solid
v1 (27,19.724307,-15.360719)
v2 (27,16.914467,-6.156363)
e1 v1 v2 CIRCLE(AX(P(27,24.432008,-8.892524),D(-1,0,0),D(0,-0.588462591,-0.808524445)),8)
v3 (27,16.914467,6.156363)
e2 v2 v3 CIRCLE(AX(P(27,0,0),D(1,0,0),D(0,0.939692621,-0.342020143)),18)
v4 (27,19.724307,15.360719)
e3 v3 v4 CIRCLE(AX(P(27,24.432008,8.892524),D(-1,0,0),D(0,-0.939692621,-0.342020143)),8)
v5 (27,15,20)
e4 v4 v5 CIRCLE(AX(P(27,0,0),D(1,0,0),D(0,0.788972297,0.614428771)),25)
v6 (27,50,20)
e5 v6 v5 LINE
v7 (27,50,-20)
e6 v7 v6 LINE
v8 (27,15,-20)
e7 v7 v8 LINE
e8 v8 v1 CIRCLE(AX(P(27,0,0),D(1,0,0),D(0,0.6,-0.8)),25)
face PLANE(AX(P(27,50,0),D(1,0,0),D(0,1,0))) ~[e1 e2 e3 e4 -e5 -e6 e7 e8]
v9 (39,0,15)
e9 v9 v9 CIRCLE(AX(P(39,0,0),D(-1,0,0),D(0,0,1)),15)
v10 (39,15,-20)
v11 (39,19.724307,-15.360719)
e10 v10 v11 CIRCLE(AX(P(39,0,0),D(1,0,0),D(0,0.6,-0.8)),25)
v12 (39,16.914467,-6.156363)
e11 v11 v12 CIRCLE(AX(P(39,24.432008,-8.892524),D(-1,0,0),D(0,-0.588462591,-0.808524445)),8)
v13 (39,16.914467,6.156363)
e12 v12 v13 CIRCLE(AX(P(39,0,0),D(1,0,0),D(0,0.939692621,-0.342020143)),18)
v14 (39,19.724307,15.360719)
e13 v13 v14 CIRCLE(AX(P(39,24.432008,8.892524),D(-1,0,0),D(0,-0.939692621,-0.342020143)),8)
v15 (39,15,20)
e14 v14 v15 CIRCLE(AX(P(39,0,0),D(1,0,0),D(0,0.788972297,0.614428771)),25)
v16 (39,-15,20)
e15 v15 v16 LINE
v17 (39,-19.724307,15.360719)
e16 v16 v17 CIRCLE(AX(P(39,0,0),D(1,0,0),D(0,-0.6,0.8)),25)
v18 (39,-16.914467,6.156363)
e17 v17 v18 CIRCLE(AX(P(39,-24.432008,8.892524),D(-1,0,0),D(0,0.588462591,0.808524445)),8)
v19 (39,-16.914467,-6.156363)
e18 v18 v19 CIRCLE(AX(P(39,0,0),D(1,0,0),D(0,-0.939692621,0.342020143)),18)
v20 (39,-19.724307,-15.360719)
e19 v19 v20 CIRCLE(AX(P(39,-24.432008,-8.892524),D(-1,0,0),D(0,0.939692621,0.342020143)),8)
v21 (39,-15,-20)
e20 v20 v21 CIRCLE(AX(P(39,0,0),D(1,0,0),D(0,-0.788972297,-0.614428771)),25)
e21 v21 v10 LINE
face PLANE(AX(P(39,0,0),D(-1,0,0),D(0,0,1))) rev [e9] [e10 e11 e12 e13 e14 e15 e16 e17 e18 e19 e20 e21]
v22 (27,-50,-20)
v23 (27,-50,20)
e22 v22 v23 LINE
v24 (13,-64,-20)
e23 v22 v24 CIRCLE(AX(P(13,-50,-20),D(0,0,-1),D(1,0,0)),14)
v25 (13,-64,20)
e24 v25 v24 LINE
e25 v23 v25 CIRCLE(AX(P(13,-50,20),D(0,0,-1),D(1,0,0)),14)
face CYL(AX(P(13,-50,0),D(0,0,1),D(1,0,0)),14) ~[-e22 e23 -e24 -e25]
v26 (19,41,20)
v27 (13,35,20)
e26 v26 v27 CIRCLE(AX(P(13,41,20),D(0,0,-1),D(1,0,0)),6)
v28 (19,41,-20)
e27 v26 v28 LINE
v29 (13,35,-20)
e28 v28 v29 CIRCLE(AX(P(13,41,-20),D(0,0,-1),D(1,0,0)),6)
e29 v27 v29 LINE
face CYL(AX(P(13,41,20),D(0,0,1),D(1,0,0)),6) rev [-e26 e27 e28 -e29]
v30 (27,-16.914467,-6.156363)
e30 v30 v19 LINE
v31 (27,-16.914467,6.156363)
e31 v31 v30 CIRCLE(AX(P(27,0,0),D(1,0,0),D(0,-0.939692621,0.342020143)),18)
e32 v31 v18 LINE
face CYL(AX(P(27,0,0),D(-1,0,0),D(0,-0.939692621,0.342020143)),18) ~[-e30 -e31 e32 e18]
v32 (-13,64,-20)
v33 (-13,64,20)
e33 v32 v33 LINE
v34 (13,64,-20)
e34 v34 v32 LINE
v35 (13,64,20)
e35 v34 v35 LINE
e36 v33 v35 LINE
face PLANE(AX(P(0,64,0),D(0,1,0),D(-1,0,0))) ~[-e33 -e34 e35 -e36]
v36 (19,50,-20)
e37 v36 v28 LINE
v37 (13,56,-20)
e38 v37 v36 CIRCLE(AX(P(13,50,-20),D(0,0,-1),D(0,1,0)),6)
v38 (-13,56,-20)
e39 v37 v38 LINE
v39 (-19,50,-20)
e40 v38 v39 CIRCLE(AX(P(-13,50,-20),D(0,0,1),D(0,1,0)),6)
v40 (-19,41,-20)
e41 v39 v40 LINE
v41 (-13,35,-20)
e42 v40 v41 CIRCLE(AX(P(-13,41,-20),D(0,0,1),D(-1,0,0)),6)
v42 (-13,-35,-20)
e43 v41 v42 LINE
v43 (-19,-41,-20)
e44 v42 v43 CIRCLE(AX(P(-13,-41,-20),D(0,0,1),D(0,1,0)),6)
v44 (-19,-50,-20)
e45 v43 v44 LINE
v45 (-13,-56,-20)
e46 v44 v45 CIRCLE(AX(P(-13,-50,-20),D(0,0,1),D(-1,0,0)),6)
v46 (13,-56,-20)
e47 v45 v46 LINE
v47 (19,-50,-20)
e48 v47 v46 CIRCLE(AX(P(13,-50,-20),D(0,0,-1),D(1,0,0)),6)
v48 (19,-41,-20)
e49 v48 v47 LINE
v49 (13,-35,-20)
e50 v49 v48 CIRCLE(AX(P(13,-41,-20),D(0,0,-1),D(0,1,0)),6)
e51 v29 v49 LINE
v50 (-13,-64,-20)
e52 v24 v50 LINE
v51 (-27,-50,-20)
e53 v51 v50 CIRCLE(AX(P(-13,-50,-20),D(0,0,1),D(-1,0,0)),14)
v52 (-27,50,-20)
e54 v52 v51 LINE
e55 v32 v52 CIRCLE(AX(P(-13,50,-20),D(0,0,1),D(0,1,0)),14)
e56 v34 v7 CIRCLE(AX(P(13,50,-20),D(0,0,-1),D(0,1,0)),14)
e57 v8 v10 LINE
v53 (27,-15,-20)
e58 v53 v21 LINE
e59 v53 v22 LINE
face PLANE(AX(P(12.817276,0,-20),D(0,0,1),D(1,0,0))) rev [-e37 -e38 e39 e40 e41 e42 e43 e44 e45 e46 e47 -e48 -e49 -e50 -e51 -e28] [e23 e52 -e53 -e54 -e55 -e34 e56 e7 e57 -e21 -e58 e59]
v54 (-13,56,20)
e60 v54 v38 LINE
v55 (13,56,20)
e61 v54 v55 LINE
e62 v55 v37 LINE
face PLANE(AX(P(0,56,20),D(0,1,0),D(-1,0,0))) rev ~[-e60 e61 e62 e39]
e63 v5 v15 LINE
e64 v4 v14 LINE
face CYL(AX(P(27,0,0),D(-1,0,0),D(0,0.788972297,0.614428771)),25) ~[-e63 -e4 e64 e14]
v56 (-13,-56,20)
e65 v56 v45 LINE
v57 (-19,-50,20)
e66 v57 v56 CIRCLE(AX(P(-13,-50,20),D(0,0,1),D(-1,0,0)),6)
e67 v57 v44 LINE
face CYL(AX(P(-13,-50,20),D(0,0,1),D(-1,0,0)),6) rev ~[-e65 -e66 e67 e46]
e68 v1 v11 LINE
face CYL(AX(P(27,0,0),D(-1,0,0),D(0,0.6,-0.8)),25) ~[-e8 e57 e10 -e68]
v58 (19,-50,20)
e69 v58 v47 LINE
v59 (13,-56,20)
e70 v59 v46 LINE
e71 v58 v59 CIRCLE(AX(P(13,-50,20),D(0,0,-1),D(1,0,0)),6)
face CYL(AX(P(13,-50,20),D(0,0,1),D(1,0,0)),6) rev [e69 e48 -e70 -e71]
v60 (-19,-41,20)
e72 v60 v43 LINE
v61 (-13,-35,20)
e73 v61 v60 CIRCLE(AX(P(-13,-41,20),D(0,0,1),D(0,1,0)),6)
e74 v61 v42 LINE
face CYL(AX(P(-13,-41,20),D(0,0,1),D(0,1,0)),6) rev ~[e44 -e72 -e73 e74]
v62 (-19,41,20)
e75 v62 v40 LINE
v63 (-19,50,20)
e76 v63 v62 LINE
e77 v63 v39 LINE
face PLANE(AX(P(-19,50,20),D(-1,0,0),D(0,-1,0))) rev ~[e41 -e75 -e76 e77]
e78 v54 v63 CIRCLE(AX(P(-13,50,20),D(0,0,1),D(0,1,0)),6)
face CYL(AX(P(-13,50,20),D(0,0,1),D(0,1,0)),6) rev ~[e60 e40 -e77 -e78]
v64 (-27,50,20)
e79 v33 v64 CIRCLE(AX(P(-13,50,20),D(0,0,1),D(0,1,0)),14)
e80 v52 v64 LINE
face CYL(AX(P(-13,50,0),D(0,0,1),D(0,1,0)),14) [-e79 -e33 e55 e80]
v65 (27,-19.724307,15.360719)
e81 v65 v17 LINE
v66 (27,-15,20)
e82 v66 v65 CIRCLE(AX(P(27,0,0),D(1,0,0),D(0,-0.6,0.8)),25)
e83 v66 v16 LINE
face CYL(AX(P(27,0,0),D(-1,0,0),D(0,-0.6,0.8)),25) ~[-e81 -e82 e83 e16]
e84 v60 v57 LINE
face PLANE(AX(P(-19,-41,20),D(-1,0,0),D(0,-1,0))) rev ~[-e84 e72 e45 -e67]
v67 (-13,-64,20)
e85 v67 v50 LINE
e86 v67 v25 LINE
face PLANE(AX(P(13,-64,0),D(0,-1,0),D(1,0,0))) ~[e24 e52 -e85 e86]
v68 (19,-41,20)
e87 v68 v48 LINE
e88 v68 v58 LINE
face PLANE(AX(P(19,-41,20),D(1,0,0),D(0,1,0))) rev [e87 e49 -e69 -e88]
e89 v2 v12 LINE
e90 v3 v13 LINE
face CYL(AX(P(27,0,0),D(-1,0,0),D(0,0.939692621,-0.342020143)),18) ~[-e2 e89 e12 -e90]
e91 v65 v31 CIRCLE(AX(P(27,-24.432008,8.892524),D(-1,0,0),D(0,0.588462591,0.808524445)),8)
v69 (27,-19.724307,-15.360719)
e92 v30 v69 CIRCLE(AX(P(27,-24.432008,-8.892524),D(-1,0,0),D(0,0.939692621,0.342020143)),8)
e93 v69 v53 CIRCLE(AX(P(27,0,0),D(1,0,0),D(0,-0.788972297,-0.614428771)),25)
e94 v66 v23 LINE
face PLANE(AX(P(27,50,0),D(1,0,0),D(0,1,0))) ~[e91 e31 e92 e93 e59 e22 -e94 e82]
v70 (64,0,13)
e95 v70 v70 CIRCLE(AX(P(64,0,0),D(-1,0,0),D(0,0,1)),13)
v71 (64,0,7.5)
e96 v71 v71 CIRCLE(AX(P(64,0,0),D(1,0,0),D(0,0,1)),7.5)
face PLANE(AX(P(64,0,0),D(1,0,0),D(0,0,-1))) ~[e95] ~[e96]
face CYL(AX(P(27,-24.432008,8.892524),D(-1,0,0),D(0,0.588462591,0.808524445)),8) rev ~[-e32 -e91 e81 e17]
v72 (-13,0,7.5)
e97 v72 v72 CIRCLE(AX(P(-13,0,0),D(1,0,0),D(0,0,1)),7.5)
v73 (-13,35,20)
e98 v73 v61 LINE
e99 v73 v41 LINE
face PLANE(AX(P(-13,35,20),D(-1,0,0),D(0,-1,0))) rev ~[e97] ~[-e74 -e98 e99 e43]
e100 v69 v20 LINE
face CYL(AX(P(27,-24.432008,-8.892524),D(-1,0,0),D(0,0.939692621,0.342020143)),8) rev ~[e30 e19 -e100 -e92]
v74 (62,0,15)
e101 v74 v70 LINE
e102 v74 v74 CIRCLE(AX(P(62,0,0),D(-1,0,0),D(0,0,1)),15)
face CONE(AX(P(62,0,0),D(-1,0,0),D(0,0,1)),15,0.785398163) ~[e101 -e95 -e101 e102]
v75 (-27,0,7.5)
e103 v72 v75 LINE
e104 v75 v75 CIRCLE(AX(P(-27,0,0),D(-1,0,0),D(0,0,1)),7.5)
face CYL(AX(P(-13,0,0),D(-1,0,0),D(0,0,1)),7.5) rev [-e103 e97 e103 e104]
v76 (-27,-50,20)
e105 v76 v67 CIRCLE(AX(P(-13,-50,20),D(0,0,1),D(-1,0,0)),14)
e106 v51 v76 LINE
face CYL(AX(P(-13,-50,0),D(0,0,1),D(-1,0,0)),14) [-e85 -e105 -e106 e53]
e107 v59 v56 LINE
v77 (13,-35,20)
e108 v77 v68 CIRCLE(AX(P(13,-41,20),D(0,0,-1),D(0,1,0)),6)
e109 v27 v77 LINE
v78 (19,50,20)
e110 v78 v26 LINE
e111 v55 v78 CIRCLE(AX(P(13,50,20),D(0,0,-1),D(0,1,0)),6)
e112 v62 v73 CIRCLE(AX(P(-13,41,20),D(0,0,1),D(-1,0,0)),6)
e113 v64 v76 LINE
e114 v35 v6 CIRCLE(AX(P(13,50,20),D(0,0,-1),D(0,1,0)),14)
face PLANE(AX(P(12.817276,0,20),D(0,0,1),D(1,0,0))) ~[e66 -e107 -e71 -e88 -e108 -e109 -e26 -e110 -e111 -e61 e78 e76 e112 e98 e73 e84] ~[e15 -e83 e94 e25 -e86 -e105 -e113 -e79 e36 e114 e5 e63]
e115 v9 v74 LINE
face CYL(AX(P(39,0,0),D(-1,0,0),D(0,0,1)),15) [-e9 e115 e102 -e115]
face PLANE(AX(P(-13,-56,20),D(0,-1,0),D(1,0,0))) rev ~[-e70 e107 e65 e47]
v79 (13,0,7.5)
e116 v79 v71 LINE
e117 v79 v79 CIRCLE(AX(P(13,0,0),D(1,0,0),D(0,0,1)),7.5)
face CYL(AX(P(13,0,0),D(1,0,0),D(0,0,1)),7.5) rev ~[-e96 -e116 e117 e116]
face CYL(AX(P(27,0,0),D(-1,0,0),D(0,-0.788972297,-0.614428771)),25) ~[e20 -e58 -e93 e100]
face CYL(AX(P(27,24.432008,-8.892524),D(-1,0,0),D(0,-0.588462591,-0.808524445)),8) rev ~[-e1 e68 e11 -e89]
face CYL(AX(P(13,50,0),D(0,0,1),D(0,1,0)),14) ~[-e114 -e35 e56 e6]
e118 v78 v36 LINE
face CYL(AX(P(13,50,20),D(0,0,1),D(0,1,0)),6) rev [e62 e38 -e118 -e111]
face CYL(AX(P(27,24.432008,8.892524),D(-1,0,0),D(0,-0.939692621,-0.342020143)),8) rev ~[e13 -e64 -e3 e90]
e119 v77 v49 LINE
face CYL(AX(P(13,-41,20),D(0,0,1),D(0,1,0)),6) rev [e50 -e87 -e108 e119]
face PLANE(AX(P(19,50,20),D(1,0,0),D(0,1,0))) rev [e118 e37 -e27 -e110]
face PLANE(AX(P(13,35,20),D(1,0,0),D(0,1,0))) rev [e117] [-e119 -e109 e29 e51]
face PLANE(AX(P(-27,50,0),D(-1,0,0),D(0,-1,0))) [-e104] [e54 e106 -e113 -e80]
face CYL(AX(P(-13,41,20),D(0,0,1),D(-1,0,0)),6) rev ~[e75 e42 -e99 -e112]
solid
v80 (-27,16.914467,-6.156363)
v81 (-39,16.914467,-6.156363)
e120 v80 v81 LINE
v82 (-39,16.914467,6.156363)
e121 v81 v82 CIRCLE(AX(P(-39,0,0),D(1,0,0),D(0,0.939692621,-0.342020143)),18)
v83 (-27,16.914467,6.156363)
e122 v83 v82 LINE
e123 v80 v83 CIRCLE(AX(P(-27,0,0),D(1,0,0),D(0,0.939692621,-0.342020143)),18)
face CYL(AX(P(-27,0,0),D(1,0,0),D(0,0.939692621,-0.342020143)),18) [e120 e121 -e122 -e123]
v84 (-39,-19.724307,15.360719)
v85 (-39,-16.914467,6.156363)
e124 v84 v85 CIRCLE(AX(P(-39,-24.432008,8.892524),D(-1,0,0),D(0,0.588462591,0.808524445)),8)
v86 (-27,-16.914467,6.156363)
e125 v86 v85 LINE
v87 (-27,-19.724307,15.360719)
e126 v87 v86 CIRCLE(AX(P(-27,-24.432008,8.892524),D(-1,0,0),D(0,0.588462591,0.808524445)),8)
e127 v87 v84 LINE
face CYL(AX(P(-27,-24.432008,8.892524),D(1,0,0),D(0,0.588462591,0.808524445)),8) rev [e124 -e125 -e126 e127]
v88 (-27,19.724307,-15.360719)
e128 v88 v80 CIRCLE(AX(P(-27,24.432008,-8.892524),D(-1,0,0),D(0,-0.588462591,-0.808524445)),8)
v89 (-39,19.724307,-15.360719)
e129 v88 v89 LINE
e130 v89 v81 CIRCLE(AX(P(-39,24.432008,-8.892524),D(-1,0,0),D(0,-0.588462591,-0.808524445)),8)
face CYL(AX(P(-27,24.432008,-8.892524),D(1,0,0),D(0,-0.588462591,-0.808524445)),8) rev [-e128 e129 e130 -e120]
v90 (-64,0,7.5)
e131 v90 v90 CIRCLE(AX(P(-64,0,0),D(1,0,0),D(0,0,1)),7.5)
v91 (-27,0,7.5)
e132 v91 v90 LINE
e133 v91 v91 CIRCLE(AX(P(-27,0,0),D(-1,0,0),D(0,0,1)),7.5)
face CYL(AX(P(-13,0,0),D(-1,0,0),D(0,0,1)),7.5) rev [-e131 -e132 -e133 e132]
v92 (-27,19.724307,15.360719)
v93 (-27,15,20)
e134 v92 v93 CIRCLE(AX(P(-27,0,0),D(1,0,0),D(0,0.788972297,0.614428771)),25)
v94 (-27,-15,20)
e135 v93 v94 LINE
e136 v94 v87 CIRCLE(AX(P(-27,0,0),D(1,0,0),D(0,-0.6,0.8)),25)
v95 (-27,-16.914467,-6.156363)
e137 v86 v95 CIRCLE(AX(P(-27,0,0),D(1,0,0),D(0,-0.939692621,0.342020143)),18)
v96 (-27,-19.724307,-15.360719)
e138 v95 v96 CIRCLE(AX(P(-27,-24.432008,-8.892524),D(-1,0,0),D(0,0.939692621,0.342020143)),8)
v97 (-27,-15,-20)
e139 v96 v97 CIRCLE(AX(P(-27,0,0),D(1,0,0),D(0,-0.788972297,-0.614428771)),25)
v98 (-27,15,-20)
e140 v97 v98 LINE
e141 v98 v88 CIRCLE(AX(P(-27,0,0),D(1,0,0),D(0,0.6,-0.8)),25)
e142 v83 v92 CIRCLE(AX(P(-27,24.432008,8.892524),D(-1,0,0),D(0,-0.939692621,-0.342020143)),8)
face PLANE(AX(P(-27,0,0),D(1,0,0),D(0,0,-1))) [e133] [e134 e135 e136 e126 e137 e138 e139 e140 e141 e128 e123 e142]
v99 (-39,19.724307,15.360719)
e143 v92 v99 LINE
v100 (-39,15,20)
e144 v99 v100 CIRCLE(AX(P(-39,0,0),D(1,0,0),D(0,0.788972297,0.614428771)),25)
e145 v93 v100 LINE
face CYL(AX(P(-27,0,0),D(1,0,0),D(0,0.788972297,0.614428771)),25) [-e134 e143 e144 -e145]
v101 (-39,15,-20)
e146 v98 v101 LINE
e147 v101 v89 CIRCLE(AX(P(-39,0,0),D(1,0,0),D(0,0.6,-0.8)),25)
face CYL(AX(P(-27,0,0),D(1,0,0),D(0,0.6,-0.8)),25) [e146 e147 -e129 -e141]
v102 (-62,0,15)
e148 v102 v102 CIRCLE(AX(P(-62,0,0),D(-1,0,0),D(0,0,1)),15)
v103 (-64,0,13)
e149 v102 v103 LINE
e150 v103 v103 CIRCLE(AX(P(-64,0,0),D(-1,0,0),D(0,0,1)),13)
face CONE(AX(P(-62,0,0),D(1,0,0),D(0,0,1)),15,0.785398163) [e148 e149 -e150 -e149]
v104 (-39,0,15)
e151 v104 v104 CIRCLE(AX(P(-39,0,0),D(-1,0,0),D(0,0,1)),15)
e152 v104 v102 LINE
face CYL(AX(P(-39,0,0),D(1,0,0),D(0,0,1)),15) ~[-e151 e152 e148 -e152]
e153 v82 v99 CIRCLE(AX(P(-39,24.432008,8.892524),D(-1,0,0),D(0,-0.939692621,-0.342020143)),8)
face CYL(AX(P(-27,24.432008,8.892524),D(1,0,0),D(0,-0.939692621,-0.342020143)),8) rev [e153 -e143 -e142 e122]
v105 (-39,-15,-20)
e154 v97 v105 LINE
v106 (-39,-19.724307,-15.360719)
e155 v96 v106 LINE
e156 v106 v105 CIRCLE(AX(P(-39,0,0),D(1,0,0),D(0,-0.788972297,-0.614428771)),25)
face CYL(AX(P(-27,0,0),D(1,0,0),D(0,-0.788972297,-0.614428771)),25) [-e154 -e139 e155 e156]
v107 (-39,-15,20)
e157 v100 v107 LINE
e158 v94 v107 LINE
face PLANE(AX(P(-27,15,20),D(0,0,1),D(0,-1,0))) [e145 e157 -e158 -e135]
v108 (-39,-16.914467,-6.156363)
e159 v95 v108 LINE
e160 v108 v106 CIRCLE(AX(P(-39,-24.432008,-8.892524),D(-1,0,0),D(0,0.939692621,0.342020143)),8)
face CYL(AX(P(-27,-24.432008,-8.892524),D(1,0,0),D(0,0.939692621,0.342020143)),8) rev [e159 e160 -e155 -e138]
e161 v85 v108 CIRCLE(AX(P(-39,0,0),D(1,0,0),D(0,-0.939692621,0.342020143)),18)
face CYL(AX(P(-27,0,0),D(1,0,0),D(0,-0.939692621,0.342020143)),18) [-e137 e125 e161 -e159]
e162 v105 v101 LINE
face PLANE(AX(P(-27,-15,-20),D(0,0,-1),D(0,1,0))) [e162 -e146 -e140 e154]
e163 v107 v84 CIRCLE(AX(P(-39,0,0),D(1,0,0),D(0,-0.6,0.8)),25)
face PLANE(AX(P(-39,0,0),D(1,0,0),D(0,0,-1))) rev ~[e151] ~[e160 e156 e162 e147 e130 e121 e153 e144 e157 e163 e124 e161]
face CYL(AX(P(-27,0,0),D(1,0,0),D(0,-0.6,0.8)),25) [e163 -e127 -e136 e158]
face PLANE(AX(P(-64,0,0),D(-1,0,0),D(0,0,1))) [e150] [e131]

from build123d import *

# Parameters (mm, degrees)
BOSS_EXTRUDE1_DEPTH      = 20
CUT_EXTRUDE1_DEPTH       = 40
BOSS_EXTRUDE2_DEPTH      = 12
SKETCH5_R                = 15
BOSS_EXTRUDE3_DEPTH      = 25
CHAMFER1_SIZE            = 2
CHAMFER1_OF_MIRROR2_SIZE = 2


with BuildPart() as part:
    # Sketch1 → Boss-Extrude1 (new, symmetric)
    with BuildSketch(Plane.XY):
        with BuildLine():
            Line((0, 64), (-13, 64))
            ThreePointArc((-13, 64), (-22.899494937, 59.899494937), (-27, 50))
            Line((-27, 50), (-27, -50))
            ThreePointArc((-27, -50), (-22.899494937, -59.899494937), (-13, -64))
            Line((-13, -64), (0, -64))
            Line((0, -64), (0, 64))
        make_face()
    boss_extrude1 = extrude(amount=BOSS_EXTRUDE1_DEPTH, both=True)

    # Sketch2 → Cut-Extrude1 (cut)
    with BuildSketch(Plane.XY.offset(20)):
        with BuildLine():
            Line((-13, 35), (-13, -35))
            ThreePointArc((-13, -35), (-17.242640687, -36.757359313), (-19, -41))
            Line((-19, -41), (-19, -50))
            ThreePointArc((-19, -50), (-17.242640687, -54.242640687), (-13, -56))
            Line((-13, -56), (0, -56))
            Line((0, -56), (0, 56))
            Line((0, 56), (-13, 56))
            ThreePointArc((-13, 56), (-17.242640687, 54.242640687), (-19, 50))
            Line((-19, 50), (-19, 41))
            ThreePointArc((-19, 41), (-17.242640687, 36.757359313), (-13, 35))
        make_face()
    cut_extrude1 = extrude(amount=-CUT_EXTRUDE1_DEPTH, mode=Mode.SUBTRACT)

    # Mirror1: Boss-Extrude1, Cut-Extrude1 across plane
    add(boss_extrude1.mirror(Plane(origin=(0, 0, 0), x_dir=(0, 0, 1), z_dir=(1, 0, 0))))
    add(cut_extrude1.mirror(Plane(origin=(0, 0, 0), x_dir=(0, 0, 1), z_dir=(1, 0, 0))), mode=Mode.SUBTRACT)


with BuildPart() as body_2:
    # Sketch4 → Boss-Extrude2 (new body)
    with BuildSketch(Plane.ZY.offset(27)):
        with BuildLine():
            Line((20, 15), (20, -15))
            ThreePointArc((20, -15), (17.837457423, -17.516424084), (15.36071929, -19.724307412))
            ThreePointArc((15.36071929, -19.724307412), (11.22829357, -16.780591328), (6.15636258, -16.914467174))
            ThreePointArc((6.15636258, -16.914467174), (0, -18), (-6.15636258, -16.914467174))
            ThreePointArc((-6.15636258, -16.914467174), (-11.22829357, -16.780591328), (-15.36071929, -19.724307412))
            ThreePointArc((-15.36071929, -19.724307412), (-17.837457423, -17.516424084), (-20, -15))
            Line((-20, -15), (-20, 15))
            ThreePointArc((-20, 15), (-17.837457423, 17.516424084), (-15.36071929, 19.724307412))
            ThreePointArc((-15.36071929, 19.724307412), (-11.22829357, 16.780591328), (-6.15636258, 16.914467174))
            ThreePointArc((-6.15636258, 16.914467174), (0, 18), (6.15636258, 16.914467174))
            ThreePointArc((6.15636258, 16.914467174), (11.22829357, 16.780591328), (15.36071929, 19.724307412))
            ThreePointArc((15.36071929, 19.724307412), (17.837457423, 17.516424084), (20, 15))
        make_face()
    boss_extrude2 = extrude(amount=BOSS_EXTRUDE2_DEPTH)

    # Sketch5 → Boss-Extrude3 (add)
    with BuildSketch(Plane.ZY.offset(39)):
        Circle(SKETCH5_R)
    boss_extrude3 = extrude(amount=BOSS_EXTRUDE3_DEPTH)


with BuildPart() as f_15_0_15_diameter_hole1_tool:
    # Sketch7 → Ø15.0 (15) Diameter Hole1 (revolve)
    with BuildSketch(Plane(origin=(-64, 0, 0), x_dir=(0, 0, 1), z_dir=(0, 1, 0))):
        Polygon((0, 0), (0, 55.506454643), (7.5, 51), (7.5, 0), align=None)
    f_15_0_15_diameter_hole1 = revolve(axis=Axis((-70.35, 0, 0), (1, 0, 0)))


with BuildPart() as part_1:
    add(part.part)

    # Ø15.0 (15) Diameter Hole1: cut by f_15_0_15_diameter_hole1_tool
    add(f_15_0_15_diameter_hole1_tool.part, mode=Mode.SUBTRACT)

    # Mirror2: Boss-Extrude2, Boss-Extrude3, Ø15.0 (15) Diameter Hole1 across plane
    add(boss_extrude2.mirror(Plane(origin=(0, 0, 0), x_dir=(0, 0, 1), z_dir=(1, 0, 0))))
    add(boss_extrude3.mirror(Plane(origin=(0, 0, 0), x_dir=(0, 0, 1), z_dir=(1, 0, 0))))
    add(f_15_0_15_diameter_hole1.mirror(Plane(origin=(0, 0, 0), x_dir=(0, 0, 1), z_dir=(1, 0, 0))), mode=Mode.SUBTRACT)

    # Chamfer1 of Mirror2
    chamfer1_of_mirror2_edges = [part_1.edges().sort_by_distance(p)[0] for p in [
        (64, 0, -15),
    ]]
    chamfer(chamfer1_of_mirror2_edges, length=CHAMFER1_OF_MIRROR2_SIZE)


with BuildPart() as body_2_1:
    add(body_2.part)

    # Ø15.0 (15) Diameter Hole1: cut by f_15_0_15_diameter_hole1_tool
    add(f_15_0_15_diameter_hole1_tool.part, mode=Mode.SUBTRACT)

    # Chamfer1
    chamfer1_edges = [body_2_1.edges().sort_by_distance(p)[0] for p in [
        (-64, 0, -15),
    ]]
    chamfer(chamfer1_edges, length=CHAMFER1_SIZE)


solid = Compound([part_1.part, body_2_1.part])
